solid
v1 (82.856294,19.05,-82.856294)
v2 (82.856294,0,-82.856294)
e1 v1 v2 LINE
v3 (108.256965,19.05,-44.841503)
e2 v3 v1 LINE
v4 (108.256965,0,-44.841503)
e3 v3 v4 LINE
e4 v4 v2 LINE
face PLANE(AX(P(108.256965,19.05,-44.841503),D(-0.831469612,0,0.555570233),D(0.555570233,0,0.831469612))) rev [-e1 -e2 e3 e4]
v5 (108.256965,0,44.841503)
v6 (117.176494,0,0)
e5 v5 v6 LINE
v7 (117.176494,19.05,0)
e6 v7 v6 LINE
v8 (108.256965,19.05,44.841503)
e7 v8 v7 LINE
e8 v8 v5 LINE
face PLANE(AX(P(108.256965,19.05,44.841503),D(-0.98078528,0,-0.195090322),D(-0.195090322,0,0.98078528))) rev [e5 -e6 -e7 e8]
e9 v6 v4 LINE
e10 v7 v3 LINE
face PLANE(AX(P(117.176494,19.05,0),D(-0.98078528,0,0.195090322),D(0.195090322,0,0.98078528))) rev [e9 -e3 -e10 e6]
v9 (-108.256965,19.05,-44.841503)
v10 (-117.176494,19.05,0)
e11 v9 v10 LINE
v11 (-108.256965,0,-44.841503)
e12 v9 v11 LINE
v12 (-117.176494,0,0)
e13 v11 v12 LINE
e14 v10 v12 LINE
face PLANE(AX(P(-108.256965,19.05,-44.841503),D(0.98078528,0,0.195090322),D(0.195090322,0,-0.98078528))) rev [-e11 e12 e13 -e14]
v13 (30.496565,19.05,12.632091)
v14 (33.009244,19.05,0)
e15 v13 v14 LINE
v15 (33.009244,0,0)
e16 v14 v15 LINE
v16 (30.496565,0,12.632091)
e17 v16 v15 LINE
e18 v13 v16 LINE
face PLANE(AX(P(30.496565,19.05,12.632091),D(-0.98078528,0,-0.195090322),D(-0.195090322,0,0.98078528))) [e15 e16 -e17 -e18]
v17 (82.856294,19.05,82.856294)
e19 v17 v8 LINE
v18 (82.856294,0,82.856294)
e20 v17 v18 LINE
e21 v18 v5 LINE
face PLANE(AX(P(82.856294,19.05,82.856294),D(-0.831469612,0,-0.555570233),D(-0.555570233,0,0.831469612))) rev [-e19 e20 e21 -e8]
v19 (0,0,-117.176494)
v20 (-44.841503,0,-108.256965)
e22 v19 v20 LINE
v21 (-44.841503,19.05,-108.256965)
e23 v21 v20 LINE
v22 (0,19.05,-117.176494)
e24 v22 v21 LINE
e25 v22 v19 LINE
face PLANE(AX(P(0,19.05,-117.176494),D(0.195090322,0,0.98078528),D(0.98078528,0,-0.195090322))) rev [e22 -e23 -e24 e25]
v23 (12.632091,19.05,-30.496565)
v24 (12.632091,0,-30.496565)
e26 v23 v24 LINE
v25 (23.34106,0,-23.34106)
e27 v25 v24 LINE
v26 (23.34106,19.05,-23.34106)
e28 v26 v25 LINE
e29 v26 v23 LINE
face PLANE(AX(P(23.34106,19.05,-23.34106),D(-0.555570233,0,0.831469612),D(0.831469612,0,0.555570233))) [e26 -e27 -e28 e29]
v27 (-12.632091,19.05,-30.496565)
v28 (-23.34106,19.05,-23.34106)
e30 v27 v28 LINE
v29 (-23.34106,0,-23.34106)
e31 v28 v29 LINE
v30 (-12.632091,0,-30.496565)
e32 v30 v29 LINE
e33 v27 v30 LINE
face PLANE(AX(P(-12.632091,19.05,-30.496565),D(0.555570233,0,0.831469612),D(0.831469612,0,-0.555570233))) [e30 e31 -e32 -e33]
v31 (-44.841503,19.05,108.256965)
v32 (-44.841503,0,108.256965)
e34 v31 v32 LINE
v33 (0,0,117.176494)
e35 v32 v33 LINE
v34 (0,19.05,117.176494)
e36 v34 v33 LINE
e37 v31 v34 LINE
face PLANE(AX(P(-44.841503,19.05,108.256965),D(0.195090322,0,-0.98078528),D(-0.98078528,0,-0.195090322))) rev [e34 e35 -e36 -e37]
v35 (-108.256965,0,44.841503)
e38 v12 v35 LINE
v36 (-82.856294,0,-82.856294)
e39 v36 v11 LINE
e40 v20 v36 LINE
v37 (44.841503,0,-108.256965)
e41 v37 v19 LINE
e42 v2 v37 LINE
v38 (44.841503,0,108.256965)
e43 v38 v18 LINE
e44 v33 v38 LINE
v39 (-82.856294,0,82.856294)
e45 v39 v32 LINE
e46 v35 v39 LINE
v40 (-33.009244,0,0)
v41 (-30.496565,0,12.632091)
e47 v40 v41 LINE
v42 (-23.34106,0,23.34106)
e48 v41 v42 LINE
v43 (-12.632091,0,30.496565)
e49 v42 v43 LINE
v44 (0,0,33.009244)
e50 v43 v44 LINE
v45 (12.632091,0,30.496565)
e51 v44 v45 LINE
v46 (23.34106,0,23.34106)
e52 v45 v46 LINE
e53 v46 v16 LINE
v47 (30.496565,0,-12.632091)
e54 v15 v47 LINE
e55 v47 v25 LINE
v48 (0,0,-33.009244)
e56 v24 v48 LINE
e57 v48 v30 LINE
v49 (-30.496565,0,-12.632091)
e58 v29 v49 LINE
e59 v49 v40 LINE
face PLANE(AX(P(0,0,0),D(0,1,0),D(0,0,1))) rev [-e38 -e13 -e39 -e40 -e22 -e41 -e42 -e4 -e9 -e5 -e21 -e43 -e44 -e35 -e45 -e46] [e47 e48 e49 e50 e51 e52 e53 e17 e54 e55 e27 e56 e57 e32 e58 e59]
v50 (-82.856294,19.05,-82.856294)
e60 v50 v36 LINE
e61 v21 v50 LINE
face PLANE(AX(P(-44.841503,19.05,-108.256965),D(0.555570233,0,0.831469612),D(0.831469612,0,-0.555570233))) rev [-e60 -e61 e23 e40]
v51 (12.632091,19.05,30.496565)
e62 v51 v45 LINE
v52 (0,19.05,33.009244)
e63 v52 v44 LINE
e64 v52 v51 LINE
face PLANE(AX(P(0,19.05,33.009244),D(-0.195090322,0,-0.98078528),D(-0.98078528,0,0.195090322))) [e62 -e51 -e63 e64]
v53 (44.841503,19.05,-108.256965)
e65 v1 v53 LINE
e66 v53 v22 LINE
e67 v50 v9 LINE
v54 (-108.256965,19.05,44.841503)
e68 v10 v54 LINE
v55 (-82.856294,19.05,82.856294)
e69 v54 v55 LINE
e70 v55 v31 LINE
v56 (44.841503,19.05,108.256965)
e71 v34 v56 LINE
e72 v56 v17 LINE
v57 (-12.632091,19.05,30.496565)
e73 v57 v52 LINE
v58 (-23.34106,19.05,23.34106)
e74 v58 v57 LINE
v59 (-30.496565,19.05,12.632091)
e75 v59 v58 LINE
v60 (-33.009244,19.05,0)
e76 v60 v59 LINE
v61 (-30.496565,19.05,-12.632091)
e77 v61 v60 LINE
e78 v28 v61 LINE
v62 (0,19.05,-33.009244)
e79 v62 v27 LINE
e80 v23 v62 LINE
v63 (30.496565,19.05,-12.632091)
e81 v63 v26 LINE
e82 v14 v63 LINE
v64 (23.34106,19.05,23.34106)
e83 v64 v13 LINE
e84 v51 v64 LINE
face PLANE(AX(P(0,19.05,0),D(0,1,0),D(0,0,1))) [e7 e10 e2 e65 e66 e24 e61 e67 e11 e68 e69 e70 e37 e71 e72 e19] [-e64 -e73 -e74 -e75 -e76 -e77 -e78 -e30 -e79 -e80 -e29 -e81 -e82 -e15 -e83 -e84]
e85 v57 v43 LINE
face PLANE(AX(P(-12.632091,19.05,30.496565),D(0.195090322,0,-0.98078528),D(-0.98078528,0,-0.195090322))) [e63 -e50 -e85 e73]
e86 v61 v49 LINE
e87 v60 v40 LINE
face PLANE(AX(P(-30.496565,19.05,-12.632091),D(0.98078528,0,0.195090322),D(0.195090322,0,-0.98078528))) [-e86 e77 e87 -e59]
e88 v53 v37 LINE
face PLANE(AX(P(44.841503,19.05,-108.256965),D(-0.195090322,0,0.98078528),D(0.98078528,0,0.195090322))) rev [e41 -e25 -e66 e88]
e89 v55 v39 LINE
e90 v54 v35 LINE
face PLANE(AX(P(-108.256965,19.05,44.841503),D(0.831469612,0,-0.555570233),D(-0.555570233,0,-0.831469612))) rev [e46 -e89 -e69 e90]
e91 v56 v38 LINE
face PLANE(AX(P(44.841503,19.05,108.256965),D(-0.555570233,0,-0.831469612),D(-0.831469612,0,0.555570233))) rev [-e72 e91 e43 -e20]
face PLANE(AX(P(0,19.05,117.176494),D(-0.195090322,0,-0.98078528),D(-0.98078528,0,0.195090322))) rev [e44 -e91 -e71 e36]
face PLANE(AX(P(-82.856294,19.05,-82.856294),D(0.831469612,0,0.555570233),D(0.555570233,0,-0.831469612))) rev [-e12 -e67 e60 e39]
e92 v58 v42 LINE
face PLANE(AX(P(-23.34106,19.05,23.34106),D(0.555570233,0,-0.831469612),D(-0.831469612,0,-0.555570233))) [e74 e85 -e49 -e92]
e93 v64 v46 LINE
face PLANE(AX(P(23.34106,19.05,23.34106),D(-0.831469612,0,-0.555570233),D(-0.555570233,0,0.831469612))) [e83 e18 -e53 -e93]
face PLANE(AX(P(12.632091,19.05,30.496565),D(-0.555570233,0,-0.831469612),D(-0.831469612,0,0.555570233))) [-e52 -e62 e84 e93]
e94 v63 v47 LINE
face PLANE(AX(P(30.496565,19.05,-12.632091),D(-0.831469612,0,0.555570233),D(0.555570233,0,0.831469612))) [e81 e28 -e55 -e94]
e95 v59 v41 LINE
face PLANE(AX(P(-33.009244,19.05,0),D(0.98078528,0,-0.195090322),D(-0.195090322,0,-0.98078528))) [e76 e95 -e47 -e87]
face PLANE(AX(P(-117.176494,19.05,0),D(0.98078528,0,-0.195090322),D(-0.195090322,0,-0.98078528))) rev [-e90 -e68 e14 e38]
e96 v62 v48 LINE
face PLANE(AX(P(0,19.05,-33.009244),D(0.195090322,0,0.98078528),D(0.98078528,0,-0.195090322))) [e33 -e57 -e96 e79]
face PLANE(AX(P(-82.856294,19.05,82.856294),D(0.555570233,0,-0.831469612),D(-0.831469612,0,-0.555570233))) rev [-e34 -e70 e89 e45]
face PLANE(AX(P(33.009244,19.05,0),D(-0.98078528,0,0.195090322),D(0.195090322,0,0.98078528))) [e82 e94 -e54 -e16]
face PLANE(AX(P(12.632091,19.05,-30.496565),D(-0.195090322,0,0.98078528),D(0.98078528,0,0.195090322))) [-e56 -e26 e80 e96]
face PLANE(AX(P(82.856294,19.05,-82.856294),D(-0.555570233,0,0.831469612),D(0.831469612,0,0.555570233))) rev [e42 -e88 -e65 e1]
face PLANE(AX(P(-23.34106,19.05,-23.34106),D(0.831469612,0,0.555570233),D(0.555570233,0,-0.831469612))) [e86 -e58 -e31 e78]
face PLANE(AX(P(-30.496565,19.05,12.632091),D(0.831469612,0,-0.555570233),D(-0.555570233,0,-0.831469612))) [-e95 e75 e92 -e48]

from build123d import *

# Parameters (mm, degrees)
BOSS_EXTRUDE1_DEPTH = 19.05


with BuildPart() as part:
    # Sketch1 → Boss-Extrude1 (new body)
    with BuildSketch(Plane(origin=(0, 0, 0), x_dir=(1, 0, 0), z_dir=(0, 1, 0))):
        Polygon((117.176494271, 0), (108.256964748, 44.84150302), (82.856293695, 82.856293695), (44.84150302, 108.256964748), (0, 117.176494271), (-44.84150302, 108.256964748), (-82.856293695, 82.856293695), (-108.256964748, 44.84150302), (-117.176494271, 0), (-108.256964748, -44.84150302), (-82.856293695, -82.856293695), (-44.84150302, -108.256964748), (0, -117.176494271), (44.84150302, -108.256964748), (82.856293695, -82.856293695), (108.256964748, -44.84150302), align=None)
        Polygon((33.009244161, 0), (30.496565064, 12.632090855), (23.341060388, 23.341060388), (12.632090855, 30.496565064), (0, 33.009244161), (-12.632090855, 30.496565064), (-23.341060388, 23.341060388), (-30.496565064, 12.632090855), (-33.009244161, 0), (-30.496565064, -12.632090855), (-23.341060388, -23.341060388), (-12.632090855, -30.496565064), (0, -33.009244161), (12.632090855, -30.496565064), (23.341060388, -23.341060388), (30.496565064, -12.632090855), align=None, mode=Mode.SUBTRACT)
    extrude(amount=BOSS_EXTRUDE1_DEPTH)


solid = part.part
